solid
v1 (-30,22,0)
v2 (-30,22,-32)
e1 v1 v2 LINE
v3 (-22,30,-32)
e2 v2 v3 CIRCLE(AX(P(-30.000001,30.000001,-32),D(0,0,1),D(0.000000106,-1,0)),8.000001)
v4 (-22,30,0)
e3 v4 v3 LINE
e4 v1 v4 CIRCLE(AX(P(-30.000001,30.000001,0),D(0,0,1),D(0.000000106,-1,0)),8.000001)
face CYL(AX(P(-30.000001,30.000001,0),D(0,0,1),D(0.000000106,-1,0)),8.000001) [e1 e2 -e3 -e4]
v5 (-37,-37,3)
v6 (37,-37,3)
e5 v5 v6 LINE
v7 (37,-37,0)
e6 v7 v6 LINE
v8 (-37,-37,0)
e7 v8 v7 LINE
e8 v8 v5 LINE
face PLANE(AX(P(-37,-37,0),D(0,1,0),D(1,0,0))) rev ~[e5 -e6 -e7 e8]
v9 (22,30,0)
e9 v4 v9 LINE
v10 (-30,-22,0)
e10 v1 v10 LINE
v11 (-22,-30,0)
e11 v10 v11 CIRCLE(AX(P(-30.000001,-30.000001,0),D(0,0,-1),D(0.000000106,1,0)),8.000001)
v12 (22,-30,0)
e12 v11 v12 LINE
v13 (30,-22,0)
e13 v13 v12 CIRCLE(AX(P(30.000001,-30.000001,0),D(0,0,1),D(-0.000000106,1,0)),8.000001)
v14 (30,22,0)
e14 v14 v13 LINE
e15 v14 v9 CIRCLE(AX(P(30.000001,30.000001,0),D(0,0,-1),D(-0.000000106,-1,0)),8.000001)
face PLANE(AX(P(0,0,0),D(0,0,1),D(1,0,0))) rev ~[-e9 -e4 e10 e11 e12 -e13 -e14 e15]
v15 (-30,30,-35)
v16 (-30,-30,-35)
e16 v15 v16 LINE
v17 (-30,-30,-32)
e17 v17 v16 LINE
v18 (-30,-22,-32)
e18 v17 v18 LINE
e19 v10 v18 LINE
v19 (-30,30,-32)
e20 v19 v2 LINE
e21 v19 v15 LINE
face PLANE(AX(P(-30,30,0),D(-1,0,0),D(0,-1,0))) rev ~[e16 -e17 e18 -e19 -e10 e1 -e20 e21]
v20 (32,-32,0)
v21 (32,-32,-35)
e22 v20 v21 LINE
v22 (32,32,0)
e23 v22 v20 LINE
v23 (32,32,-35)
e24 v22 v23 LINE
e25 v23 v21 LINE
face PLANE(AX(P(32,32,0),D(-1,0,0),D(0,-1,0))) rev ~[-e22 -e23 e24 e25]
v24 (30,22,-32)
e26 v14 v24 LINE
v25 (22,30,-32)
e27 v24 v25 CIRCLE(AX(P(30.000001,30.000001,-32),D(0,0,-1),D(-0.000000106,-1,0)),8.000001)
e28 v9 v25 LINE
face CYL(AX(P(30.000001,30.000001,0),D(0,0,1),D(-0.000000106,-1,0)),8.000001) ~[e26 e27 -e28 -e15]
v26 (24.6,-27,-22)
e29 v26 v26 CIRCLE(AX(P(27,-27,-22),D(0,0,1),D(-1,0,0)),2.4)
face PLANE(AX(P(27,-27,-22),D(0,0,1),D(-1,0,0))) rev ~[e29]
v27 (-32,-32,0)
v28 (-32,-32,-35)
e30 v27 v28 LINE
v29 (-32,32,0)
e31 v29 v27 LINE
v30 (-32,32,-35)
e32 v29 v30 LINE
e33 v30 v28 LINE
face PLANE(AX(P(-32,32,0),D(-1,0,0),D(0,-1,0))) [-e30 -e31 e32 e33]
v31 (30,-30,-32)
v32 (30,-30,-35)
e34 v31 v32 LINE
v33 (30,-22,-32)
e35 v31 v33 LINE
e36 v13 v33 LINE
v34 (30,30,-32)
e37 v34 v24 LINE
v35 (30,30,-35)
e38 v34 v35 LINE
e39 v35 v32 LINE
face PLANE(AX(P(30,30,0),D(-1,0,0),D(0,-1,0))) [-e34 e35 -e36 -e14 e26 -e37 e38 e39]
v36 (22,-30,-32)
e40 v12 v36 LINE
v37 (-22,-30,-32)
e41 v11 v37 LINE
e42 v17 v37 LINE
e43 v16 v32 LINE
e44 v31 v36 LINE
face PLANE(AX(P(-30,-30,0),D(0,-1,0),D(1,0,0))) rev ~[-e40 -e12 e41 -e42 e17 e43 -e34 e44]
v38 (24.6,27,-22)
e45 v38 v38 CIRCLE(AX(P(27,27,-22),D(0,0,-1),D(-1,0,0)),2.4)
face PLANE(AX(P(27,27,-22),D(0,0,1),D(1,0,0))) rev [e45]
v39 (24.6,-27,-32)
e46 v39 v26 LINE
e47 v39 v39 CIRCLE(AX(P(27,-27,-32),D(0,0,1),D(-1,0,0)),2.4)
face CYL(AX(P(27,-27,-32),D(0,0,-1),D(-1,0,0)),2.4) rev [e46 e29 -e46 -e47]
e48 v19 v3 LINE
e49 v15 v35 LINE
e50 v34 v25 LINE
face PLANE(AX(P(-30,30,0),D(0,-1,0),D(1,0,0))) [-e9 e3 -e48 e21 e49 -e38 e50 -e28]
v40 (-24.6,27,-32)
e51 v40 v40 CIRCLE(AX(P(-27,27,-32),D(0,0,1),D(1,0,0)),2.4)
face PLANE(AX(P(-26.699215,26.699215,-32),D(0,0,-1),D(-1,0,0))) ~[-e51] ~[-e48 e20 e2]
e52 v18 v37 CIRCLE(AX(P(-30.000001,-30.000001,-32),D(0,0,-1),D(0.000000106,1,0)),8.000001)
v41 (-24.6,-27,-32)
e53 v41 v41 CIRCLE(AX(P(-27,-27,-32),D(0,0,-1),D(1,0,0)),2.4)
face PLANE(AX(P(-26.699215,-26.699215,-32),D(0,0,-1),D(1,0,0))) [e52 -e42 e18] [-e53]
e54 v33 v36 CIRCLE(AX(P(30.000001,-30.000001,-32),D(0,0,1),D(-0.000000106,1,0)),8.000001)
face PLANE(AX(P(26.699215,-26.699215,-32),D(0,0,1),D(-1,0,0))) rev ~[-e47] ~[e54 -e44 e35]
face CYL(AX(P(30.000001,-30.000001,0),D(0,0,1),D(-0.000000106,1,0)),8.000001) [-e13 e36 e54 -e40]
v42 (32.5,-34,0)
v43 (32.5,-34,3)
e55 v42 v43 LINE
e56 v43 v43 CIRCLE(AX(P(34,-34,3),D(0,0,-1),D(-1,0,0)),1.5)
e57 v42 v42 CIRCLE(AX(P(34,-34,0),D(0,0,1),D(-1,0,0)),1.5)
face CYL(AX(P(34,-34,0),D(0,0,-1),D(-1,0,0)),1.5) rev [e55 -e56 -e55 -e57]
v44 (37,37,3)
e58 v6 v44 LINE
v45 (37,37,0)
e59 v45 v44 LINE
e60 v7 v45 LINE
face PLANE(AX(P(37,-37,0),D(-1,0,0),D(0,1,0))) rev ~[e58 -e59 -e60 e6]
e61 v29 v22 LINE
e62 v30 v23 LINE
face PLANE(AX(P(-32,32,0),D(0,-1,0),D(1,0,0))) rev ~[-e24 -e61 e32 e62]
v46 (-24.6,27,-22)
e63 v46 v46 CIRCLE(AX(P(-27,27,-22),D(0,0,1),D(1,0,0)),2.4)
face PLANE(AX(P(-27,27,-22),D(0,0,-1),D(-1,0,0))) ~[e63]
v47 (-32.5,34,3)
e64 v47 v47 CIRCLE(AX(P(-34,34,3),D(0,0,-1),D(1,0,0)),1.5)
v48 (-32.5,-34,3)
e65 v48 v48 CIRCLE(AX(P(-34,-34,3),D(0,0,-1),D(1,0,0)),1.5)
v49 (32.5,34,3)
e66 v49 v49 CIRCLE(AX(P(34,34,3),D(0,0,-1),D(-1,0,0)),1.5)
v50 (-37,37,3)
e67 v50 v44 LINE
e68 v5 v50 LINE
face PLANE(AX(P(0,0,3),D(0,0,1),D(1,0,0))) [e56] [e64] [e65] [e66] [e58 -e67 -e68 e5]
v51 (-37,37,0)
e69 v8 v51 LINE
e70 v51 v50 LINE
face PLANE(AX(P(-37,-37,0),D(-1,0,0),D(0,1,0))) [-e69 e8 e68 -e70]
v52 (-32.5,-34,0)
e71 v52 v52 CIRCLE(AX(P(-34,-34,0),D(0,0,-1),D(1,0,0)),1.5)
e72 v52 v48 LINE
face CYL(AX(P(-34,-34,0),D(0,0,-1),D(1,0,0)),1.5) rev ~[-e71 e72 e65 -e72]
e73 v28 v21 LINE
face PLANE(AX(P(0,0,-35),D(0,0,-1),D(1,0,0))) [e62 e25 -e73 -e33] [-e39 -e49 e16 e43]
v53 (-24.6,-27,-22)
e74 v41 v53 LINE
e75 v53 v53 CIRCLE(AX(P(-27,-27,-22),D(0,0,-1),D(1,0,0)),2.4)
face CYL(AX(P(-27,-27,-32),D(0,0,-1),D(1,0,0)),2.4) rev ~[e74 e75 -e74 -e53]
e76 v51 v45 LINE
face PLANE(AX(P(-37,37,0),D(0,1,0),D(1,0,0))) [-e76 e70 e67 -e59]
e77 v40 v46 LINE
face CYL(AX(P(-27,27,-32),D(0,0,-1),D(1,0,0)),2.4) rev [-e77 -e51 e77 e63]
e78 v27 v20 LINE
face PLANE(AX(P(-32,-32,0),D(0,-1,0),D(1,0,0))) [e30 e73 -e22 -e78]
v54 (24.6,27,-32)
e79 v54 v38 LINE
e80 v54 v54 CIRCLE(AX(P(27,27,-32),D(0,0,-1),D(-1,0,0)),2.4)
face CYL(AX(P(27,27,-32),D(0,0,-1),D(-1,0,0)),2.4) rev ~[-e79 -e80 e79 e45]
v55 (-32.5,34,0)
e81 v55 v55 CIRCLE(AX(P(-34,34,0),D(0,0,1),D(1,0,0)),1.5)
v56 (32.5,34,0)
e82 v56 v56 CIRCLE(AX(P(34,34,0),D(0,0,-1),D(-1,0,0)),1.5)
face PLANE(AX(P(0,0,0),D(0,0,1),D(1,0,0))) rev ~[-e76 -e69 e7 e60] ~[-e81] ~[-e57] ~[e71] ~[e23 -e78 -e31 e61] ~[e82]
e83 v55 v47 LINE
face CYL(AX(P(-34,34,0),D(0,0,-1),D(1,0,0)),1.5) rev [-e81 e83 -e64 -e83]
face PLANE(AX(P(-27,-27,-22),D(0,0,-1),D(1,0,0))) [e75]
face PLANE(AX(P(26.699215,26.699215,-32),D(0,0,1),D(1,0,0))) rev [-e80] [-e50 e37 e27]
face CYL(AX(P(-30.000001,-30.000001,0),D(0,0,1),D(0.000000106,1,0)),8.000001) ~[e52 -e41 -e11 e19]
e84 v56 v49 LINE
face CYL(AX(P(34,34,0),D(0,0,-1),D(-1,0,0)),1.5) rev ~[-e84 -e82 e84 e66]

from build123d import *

# Parameters (mm, degrees)
SKETCH_W                   = 74
SKETCH_H                   = 74
PAD_DEPTH                  = 3
SKETCH002_W                = 64
SKETCH002_H                = 64
SKETCH002_W_2              = 60
SKETCH002_H_2              = 60
PAD001_DEPTH               = 35
SKETCH003_R                = 1.5
POCKET_DEPTH               = 225.675651
PAD002_DEPTH               = 32
SKETCH005_R                = 2.4
POCKET001_DEPTH            = 10
SKETCH003_MIRRORED_2_R     = 1.5
POCKET_MIRRORED_2_DEPTH    = 225.675651
PAD002_MIRRORED_2_DEPTH    = 32
SKETCH005_MIRRORED_2_R     = 2.4
POCKET001_MIRRORED_2_DEPTH = 10


with BuildPart() as part:
    # Sketch → Pad (new body)
    with BuildSketch(Plane.XY):
        Rectangle(SKETCH_W, SKETCH_H)
    extrude(amount=PAD_DEPTH)

    # Sketch002 (on Face5 of Pad) → Pad001 (join)
    with BuildSketch(Plane(origin=(0, 0, 0), x_dir=(1, 0, 0), z_dir=(0, 0, -1))):
        Rectangle(SKETCH002_W, SKETCH002_H)
        Rectangle(SKETCH002_W_2, SKETCH002_H_2, mode=Mode.SUBTRACT)
    extrude(amount=PAD001_DEPTH)

    # Sketch003 (on Face4 of Pad001) → Pocket (cut, through all)
    with BuildSketch(Plane(origin=(0, 0, 0), x_dir=(1, 0, 0), z_dir=(0, 0, -1))):
        with Locations((-34, 34)):
            Circle(SKETCH003_R)
    pocket = extrude(amount=-POCKET_DEPTH, mode=Mode.SUBTRACT)

    # Sketch004 (on Face17 of Pocket) → Pad002 (join)
    with BuildSketch(Plane(origin=(0, 0, 0), x_dir=(1, 0, 0), z_dir=(0, 0, -1))):
        with BuildLine():
            ThreePointArc((-30, 22), (-24.343146, 24.343146), (-22, 30))
            Line((-30, 30), (-22, 30))
            Line((-30, 30), (-30, 22))
        make_face()
    pad002 = extrude(amount=PAD002_DEPTH)

    # Sketch005 (on Face17 of Pad002) → Pocket001 (cut)
    with BuildSketch(Plane(origin=(0, 0, -32), x_dir=(1, 0, 0), z_dir=(0, 0, -1))):
        with Locations((-27, 27)):
            Circle(SKETCH005_R)
    pocket001 = extrude(amount=-POCKET001_DEPTH, mode=Mode.SUBTRACT)

    # Sketch003 Mirrored 2 → Pocket Mirrored 2 (cut, through all)
    with BuildSketch(Plane(origin=(0, 0, 0), x_dir=(-1, 0, 0), z_dir=(0, 0, 1))):
        with Locations((-34, 34)):
            Circle(SKETCH003_MIRRORED_2_R)
    pocket_mirrored_2 = extrude(amount=POCKET_MIRRORED_2_DEPTH, mode=Mode.SUBTRACT)

    # Sketch004 Mirrored 2 → Pad002 Mirrored 2 (add)
    with BuildSketch(Plane(origin=(0, 0, 0), x_dir=(-1, 0, 0), z_dir=(0, 0, 1))):
        with BuildLine():
            ThreePointArc((-30, 22), (-24.343146, 24.343146), (-22, 30))
            Line((-30, 30), (-22, 30))
            Line((-30, 30), (-30, 22))
        make_face()
    pad002_mirrored_2 = extrude(amount=-PAD002_MIRRORED_2_DEPTH)

    # Sketch005 Mirrored 2 → Pocket001 Mirrored 2 (cut)
    with BuildSketch(Plane(origin=(0, 0, -32), x_dir=(-1, 0, 0), z_dir=(0, 0, 1))):
        with Locations((-27, 27)):
            Circle(SKETCH005_MIRRORED_2_R)
    pocket001_mirrored_2 = extrude(amount=POCKET001_MIRRORED_2_DEPTH, mode=Mode.SUBTRACT)

    # Mirrored001: Pocket, Pad002, Pocket001, Pocket Mirrored 2, Pad002 Mirrored 2, Pocket001 Mirrored 2 across Sketch003 H_Axis
    add(pocket.mirror(Plane(origin=(0, 0, 0), x_dir=(0, 0, -1), z_dir=(0, -1, 0))), mode=Mode.SUBTRACT)
    add(pad002.mirror(Plane(origin=(0, 0, 0), x_dir=(0, 0, -1), z_dir=(0, -1, 0))))
    add(pocket001.mirror(Plane(origin=(0, 0, 0), x_dir=(0, 0, -1), z_dir=(0, -1, 0))), mode=Mode.SUBTRACT)
    add(pocket_mirrored_2.mirror(Plane(origin=(0, 0, 0), x_dir=(0, 0, -1), z_dir=(0, -1, 0))), mode=Mode.SUBTRACT)
    add(pad002_mirrored_2.mirror(Plane(origin=(0, 0, 0), x_dir=(0, 0, -1), z_dir=(0, -1, 0))))
    add(pocket001_mirrored_2.mirror(Plane(origin=(0, 0, 0), x_dir=(0, 0, -1), z_dir=(0, -1, 0))), mode=Mode.SUBTRACT)


solid = part.part
